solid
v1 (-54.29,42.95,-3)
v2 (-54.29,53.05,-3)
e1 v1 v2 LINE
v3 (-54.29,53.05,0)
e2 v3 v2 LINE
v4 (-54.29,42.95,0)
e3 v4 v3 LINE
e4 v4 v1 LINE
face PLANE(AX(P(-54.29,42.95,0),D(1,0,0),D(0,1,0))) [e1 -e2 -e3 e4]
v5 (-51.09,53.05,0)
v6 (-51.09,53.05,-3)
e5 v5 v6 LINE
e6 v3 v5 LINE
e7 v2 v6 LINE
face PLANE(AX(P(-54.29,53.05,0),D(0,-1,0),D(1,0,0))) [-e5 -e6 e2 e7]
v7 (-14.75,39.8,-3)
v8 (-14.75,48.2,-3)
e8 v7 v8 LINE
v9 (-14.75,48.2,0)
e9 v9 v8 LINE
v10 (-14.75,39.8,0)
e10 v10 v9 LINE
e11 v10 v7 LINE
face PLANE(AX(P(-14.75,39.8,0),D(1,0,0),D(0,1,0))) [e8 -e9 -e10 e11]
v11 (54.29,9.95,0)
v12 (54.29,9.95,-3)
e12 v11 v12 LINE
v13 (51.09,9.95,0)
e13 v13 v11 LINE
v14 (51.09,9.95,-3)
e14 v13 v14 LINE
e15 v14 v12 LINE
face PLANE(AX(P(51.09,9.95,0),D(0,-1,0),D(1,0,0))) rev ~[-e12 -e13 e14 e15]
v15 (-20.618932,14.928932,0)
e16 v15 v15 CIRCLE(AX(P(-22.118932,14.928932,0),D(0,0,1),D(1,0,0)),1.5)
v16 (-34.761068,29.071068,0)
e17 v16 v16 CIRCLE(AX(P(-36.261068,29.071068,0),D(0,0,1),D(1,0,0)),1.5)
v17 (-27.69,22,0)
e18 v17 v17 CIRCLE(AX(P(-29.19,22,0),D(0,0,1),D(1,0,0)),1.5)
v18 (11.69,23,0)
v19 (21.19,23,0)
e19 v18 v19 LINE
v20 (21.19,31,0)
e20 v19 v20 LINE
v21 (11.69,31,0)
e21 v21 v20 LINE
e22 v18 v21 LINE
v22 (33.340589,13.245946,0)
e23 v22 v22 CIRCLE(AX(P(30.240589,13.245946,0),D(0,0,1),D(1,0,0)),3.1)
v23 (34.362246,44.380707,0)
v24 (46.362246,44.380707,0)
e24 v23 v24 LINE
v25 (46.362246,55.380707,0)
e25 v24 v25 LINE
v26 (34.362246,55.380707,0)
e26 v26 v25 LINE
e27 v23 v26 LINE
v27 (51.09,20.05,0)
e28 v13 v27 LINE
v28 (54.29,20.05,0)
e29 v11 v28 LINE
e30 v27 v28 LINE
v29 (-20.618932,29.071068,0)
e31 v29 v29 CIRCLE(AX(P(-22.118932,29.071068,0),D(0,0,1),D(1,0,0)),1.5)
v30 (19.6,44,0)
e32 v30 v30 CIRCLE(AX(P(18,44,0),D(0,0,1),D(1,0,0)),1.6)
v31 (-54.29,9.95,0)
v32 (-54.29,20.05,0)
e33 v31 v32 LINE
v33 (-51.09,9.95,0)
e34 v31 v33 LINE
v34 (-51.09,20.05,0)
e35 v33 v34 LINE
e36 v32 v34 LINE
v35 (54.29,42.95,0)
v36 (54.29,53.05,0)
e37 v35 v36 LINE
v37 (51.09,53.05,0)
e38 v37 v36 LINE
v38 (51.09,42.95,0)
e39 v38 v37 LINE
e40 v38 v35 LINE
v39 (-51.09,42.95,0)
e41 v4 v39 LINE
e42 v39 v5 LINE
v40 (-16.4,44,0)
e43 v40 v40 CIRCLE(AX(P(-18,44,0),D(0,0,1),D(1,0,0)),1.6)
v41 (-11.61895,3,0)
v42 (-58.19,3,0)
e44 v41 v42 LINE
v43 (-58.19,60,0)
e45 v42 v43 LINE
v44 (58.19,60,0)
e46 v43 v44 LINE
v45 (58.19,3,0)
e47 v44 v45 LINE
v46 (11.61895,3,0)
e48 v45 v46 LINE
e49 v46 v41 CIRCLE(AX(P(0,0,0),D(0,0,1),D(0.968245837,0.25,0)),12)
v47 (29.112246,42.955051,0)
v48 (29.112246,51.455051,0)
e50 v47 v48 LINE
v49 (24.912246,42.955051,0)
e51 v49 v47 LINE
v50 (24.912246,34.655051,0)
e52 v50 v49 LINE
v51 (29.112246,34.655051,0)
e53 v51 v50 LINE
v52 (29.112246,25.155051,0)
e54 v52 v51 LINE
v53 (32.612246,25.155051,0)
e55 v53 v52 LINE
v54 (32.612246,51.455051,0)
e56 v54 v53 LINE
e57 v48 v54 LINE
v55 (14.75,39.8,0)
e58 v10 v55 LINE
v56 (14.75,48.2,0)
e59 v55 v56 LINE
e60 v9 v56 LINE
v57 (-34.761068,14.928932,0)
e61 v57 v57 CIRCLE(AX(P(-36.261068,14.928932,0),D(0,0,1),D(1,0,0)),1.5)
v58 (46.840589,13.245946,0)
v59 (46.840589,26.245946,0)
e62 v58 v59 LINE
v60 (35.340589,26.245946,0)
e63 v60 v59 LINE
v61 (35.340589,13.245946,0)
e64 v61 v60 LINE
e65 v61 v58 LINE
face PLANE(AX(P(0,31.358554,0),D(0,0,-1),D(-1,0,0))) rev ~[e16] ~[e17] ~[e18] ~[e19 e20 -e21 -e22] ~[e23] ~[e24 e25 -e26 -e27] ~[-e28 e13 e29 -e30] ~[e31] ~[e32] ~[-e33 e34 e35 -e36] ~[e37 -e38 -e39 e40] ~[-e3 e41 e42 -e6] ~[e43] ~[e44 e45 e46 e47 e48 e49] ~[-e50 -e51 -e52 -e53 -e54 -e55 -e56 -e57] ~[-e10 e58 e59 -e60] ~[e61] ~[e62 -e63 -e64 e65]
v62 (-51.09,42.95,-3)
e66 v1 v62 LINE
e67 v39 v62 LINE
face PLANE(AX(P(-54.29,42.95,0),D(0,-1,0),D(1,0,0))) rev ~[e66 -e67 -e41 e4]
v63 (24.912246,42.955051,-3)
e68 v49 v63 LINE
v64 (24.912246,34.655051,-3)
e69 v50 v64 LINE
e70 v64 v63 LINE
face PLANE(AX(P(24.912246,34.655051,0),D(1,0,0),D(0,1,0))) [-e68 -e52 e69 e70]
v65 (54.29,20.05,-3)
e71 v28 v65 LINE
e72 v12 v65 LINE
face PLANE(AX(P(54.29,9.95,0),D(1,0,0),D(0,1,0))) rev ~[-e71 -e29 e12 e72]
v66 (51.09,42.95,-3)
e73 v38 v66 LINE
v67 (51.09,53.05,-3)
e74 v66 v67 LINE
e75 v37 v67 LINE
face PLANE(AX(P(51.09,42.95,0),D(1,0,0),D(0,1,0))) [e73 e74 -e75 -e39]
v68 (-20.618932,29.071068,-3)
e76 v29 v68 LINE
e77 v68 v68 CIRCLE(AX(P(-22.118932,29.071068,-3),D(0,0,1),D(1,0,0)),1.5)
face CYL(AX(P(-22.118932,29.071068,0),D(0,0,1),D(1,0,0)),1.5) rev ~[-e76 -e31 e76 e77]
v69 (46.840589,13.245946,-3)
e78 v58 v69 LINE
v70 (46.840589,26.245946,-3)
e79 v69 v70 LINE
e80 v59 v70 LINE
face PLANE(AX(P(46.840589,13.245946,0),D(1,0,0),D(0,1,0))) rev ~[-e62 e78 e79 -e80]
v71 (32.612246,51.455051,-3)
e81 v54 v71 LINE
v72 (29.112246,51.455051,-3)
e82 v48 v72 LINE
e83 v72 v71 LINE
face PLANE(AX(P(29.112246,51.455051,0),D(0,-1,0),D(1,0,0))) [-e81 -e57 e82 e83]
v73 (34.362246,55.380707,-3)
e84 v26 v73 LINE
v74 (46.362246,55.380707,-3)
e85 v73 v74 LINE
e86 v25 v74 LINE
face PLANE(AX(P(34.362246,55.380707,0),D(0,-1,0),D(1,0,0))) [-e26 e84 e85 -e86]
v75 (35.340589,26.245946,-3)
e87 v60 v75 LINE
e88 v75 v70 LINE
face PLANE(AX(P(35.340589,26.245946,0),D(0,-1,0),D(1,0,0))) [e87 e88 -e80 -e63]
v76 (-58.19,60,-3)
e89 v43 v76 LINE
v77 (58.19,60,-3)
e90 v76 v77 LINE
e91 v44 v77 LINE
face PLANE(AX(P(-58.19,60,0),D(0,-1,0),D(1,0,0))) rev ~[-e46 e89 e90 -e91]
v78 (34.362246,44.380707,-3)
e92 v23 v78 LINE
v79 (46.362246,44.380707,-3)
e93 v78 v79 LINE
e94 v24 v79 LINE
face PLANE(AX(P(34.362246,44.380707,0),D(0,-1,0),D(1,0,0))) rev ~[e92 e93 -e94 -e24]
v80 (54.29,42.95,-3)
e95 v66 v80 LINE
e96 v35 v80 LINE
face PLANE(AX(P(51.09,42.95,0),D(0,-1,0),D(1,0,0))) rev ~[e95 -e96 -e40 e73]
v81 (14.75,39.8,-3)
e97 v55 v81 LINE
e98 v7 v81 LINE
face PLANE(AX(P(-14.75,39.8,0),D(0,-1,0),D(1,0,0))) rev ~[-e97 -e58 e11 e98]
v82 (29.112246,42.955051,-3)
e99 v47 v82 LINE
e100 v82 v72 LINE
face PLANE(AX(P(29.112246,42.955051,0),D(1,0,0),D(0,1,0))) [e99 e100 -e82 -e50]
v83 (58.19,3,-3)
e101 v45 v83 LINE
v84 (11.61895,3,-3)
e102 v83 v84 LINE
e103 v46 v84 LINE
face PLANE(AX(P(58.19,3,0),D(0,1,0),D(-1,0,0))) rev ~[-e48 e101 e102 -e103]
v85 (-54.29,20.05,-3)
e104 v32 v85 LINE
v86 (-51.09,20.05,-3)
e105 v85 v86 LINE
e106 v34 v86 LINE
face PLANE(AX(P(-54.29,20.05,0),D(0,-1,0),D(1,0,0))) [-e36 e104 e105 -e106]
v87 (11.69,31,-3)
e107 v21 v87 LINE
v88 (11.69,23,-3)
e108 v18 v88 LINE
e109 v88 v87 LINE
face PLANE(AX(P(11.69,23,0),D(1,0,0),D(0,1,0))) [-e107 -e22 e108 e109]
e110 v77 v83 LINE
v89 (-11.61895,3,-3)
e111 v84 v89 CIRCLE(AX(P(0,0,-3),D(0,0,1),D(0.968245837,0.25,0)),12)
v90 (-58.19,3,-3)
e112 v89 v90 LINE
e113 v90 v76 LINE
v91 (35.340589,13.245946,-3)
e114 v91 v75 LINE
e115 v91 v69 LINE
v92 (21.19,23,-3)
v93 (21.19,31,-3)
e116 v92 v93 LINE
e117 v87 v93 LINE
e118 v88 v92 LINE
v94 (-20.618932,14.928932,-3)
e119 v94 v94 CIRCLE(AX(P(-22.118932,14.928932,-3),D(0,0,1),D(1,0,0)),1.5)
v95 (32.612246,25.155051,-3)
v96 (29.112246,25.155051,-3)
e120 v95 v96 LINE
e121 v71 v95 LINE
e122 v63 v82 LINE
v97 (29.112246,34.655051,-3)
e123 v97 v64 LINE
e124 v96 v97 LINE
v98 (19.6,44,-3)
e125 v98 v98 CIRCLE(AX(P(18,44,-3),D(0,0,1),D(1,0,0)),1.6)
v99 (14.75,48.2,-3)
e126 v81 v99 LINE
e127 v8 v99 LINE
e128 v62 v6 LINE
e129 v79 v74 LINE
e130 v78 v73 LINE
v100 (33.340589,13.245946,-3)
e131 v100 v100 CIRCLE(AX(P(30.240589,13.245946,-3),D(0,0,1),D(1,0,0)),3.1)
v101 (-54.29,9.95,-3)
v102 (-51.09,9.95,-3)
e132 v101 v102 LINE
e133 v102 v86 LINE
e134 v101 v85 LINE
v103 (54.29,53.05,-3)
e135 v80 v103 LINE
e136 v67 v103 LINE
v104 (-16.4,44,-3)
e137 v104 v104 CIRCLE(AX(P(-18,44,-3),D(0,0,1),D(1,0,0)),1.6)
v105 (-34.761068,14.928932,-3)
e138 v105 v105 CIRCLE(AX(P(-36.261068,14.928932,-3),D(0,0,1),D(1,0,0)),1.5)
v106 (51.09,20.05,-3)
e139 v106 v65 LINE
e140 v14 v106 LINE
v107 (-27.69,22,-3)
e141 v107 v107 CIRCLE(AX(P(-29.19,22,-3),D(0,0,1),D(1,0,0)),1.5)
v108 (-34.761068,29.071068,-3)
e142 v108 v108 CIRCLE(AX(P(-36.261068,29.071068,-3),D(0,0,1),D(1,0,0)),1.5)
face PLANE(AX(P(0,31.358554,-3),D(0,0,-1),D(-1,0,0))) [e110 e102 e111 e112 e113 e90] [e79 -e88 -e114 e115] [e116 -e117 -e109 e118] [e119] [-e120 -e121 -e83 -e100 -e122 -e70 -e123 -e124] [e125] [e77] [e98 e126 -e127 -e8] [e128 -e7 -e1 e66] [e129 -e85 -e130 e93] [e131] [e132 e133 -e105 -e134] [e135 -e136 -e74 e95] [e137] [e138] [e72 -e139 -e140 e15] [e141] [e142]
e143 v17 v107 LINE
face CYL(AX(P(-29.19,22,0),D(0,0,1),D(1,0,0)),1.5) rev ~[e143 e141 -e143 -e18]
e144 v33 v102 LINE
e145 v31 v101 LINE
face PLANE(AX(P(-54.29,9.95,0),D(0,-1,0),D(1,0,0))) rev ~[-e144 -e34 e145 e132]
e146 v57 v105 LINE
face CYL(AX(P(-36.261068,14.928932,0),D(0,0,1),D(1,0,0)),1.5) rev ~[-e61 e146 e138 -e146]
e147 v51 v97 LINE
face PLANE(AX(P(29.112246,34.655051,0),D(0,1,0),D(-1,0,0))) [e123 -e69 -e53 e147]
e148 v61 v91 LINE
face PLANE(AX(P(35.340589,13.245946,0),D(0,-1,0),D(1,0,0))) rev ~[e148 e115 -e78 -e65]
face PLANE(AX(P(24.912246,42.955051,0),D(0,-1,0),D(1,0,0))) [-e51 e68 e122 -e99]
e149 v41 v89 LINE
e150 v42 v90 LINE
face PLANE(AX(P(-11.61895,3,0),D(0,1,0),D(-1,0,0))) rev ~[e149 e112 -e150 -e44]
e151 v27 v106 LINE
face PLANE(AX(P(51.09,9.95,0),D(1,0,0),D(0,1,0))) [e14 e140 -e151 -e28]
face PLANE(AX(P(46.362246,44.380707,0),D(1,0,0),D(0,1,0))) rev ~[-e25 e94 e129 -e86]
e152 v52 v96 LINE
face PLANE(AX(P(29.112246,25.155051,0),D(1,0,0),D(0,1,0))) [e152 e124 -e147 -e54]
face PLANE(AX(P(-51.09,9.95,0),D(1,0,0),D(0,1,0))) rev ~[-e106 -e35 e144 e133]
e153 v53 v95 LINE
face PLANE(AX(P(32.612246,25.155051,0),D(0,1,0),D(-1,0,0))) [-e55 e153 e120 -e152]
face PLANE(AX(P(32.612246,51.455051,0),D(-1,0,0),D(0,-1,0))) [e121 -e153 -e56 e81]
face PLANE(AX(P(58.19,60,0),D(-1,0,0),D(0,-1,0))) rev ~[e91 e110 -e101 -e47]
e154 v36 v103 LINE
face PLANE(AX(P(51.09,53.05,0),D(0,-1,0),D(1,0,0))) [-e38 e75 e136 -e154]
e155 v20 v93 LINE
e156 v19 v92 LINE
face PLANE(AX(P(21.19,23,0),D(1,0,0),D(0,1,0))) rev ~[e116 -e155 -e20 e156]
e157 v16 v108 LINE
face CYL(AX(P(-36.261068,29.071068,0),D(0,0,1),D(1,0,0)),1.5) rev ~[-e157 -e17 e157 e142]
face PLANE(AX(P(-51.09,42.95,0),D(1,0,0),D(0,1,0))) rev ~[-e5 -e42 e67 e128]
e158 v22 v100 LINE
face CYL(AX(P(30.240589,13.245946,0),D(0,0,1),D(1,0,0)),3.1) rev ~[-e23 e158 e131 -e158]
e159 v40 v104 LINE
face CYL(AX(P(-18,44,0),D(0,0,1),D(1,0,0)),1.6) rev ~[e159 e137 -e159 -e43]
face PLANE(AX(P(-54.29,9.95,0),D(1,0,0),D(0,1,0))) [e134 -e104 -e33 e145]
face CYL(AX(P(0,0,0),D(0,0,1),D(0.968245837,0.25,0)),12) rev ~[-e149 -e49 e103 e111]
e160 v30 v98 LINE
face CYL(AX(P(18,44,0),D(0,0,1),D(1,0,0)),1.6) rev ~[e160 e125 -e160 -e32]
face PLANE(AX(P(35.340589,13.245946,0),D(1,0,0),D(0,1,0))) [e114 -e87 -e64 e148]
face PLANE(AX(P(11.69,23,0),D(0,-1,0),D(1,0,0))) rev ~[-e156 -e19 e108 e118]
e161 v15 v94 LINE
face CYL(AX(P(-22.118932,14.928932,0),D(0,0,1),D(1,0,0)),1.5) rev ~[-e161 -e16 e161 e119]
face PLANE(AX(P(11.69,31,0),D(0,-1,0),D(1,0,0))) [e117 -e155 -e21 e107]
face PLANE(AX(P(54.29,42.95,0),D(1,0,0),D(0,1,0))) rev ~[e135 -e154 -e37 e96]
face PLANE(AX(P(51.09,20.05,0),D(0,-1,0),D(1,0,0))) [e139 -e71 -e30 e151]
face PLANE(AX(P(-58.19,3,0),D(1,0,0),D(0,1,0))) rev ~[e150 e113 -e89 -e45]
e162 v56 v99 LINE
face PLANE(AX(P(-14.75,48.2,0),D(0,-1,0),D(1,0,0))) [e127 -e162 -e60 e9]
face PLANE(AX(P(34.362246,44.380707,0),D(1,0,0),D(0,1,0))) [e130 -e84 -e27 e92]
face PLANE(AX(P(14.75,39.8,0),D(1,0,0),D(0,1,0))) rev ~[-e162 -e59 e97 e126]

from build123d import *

# Parameters (mm, degrees)
SKETCH1_W                   = 3.2
SKETCH1_H                   = 10.1
BOSS_EXTRUDE1_DEPTH         = 3
SENSOR_MOUNTING_HOLES_REACH = 85.637
SKETCH2_R                   = 1.6
SKETCH2_R_2                 = 1.5
SKETCH2_R_3                 = 3.1
SKETCH2_W                   = 9.5
SKETCH2_H                   = 8
SKETCH2_W_2                 = 29.5
SKETCH2_H_2                 = 8.4
SKETCH2_W_3                 = 11.5
SKETCH2_H_3                 = 13
SKETCH2_W_4                 = 12
SKETCH2_H_4                 = 11


with BuildPart() as part:
    # Sketch1 → Boss-Extrude1 (new body)
    with BuildSketch(Plane.XY):
        with BuildLine():
            Line((-58.19, 60), (58.19, 60))
            Line((58.19, 60), (58.19, 3))
            Line((58.19, 3), (11.618950039, 3))
            ThreePointArc((11.618950039, 3), (0, 12), (-11.618950039, 3))
            Line((-11.618950039, 3), (-58.19, 3))
            Line((-58.19, 3), (-58.19, 60))
        make_face()
        with Locations((-52.69, 15)):
            Rectangle(SKETCH1_W, SKETCH1_H, mode=Mode.SUBTRACT)
        with Locations((-52.69, 48)):
            Rectangle(SKETCH1_W, SKETCH1_H, mode=Mode.SUBTRACT)
        with Locations((52.69, 15)):
            Rectangle(SKETCH1_W, SKETCH1_H, mode=Mode.SUBTRACT)
        with Locations((52.69, 48)):
            Rectangle(SKETCH1_W, SKETCH1_H, mode=Mode.SUBTRACT)
    extrude(amount=-BOSS_EXTRUDE1_DEPTH)

    # Sketch2 (on Front Plane) → sensor mounting holes (cut, up to next)
    with BuildSketch(Plane.XY, mode=Mode.PRIVATE) as sensor_mounting_holes_sk1:
        with Locations((-18, 44)):
            Circle(SKETCH2_R)
    sensor_mounting_holes_tool1 = extrude(sensor_mounting_holes_sk1.sketch, amount=-SENSOR_MOUNTING_HOLES_REACH, mode=Mode.PRIVATE) & part.part
    # Sketch2 (on Front Plane) → sensor mounting holes (cut, up to next)
    with BuildSketch(Plane.XY, mode=Mode.PRIVATE) as sensor_mounting_holes_sk2:
        with Locations((18, 44)):
            Circle(SKETCH2_R)
    sensor_mounting_holes_tool2 = extrude(sensor_mounting_holes_sk2.sketch, amount=-SENSOR_MOUNTING_HOLES_REACH, mode=Mode.PRIVATE) & part.part
    # Sketch2 (on Front Plane) → sensor mounting holes (cut, up to next)
    with BuildSketch(Plane.XY, mode=Mode.PRIVATE) as sensor_mounting_holes_sk3:
        with Locations((-22.118932188, 29.071067812)):
            Circle(SKETCH2_R_2)
    sensor_mounting_holes_tool3 = extrude(sensor_mounting_holes_sk3.sketch, amount=-SENSOR_MOUNTING_HOLES_REACH, mode=Mode.PRIVATE) & part.part
    # Sketch2 (on Front Plane) → sensor mounting holes (cut, up to next)
    with BuildSketch(Plane.XY, mode=Mode.PRIVATE) as sensor_mounting_holes_sk4:
        with Locations((-36.261067812, 29.071067812)):
            Circle(SKETCH2_R_2)
    sensor_mounting_holes_tool4 = extrude(sensor_mounting_holes_sk4.sketch, amount=-SENSOR_MOUNTING_HOLES_REACH, mode=Mode.PRIVATE) & part.part
    # Sketch2 (on Front Plane) → sensor mounting holes (cut, up to next)
    with BuildSketch(Plane.XY, mode=Mode.PRIVATE) as sensor_mounting_holes_sk5:
        with Locations((-36.261067812, 14.928932188)):
            Circle(SKETCH2_R_2)
    sensor_mounting_holes_tool5 = extrude(sensor_mounting_holes_sk5.sketch, amount=-SENSOR_MOUNTING_HOLES_REACH, mode=Mode.PRIVATE) & part.part
    # Sketch2 (on Front Plane) → sensor mounting holes (cut, up to next)
    with BuildSketch(Plane.XY, mode=Mode.PRIVATE) as sensor_mounting_holes_sk6:
        with Locations((-22.118932188, 14.928932188)):
            Circle(SKETCH2_R_2)
    sensor_mounting_holes_tool6 = extrude(sensor_mounting_holes_sk6.sketch, amount=-SENSOR_MOUNTING_HOLES_REACH, mode=Mode.PRIVATE) & part.part
    # Sketch2 (on Front Plane) → sensor mounting holes (cut, up to next)
    with BuildSketch(Plane.XY, mode=Mode.PRIVATE) as sensor_mounting_holes_sk7:
        with Locations((-29.19, 22)):
            Circle(SKETCH2_R_2)
    sensor_mounting_holes_tool7 = extrude(sensor_mounting_holes_sk7.sketch, amount=-SENSOR_MOUNTING_HOLES_REACH, mode=Mode.PRIVATE) & part.part
    # Sketch2 (on Front Plane) → sensor mounting holes (cut, up to next)
    with BuildSketch(Plane.XY, mode=Mode.PRIVATE) as sensor_mounting_holes_sk8:
        with Locations((30.240588995, 13.245945843)):
            Circle(SKETCH2_R_3)
    sensor_mounting_holes_tool8 = extrude(sensor_mounting_holes_sk8.sketch, amount=-SENSOR_MOUNTING_HOLES_REACH, mode=Mode.PRIVATE) & part.part
    # Sketch2 (on Front Plane) → sensor mounting holes (cut, up to next)
    with BuildSketch(Plane.XY, mode=Mode.PRIVATE) as sensor_mounting_holes_sk9:
        with Locations((16.44, 27)):
            Rectangle(SKETCH2_W, SKETCH2_H)
    sensor_mounting_holes_tool9 = extrude(sensor_mounting_holes_sk9.sketch, amount=-SENSOR_MOUNTING_HOLES_REACH, mode=Mode.PRIVATE) & part.part
    # Sketch2 (on Front Plane) → sensor mounting holes (cut, up to next)
    with BuildSketch(Plane.XY, mode=Mode.PRIVATE) as sensor_mounting_holes_sk10:
        with Locations((0, 44)):
            Rectangle(SKETCH2_W_2, SKETCH2_H_2)
    sensor_mounting_holes_tool10 = extrude(sensor_mounting_holes_sk10.sketch, amount=-SENSOR_MOUNTING_HOLES_REACH, mode=Mode.PRIVATE) & part.part
    # Sketch2 (on Front Plane) → sensor mounting holes (cut, up to next)
    with BuildSketch(Plane.XY, mode=Mode.PRIVATE) as sensor_mounting_holes_sk11:
        Polygon((24.912246381, 42.955051143), (29.112246381, 42.955051143), (29.112246381, 51.455051143), (32.612246381, 51.455051143), (32.612246381, 25.155051143), (29.112246381, 25.155051143), (29.112246381, 34.655051143), (24.912246381, 34.655051143), align=None)
    sensor_mounting_holes_tool11 = extrude(sensor_mounting_holes_sk11.sketch, amount=-SENSOR_MOUNTING_HOLES_REACH, mode=Mode.PRIVATE) & part.part
    # Sketch2 (on Front Plane) → sensor mounting holes (cut, up to next)
    with BuildSketch(Plane.XY, mode=Mode.PRIVATE) as sensor_mounting_holes_sk12:
        with Locations((41.090588995, 19.745945843)):
            Rectangle(SKETCH2_W_3, SKETCH2_H_3)
    sensor_mounting_holes_tool12 = extrude(sensor_mounting_holes_sk12.sketch, amount=-SENSOR_MOUNTING_HOLES_REACH, mode=Mode.PRIVATE) & part.part
    # Sketch2 (on Front Plane) → sensor mounting holes (cut, up to next)
    with BuildSketch(Plane.XY, mode=Mode.PRIVATE) as sensor_mounting_holes_sk13:
        with Locations((40.362246381, 49.88070744)):
            Rectangle(SKETCH2_W_4, SKETCH2_H_4)
    sensor_mounting_holes_tool13 = extrude(sensor_mounting_holes_sk13.sketch, amount=-SENSOR_MOUNTING_HOLES_REACH, mode=Mode.PRIVATE) & part.part
    add(sensor_mounting_holes_tool1.solids().sort_by_distance((-18, 44, 0))[0], mode=Mode.SUBTRACT)
    add(sensor_mounting_holes_tool2.solids().sort_by_distance((18, 44, 0))[0], mode=Mode.SUBTRACT)
    add(sensor_mounting_holes_tool3.solids().sort_by_distance((-22.118932, 29.071068, 0))[0], mode=Mode.SUBTRACT)
    add(sensor_mounting_holes_tool4.solids().sort_by_distance((-36.261068, 29.071068, 0))[0], mode=Mode.SUBTRACT)
    add(sensor_mounting_holes_tool5.solids().sort_by_distance((-36.261068, 14.928932, 0))[0], mode=Mode.SUBTRACT)
    add(sensor_mounting_holes_tool6.solids().sort_by_distance((-22.118932, 14.928932, 0))[0], mode=Mode.SUBTRACT)
    add(sensor_mounting_holes_tool7.solids().sort_by_distance((-29.19, 22, 0))[0], mode=Mode.SUBTRACT)
    add(sensor_mounting_holes_tool8.solids().sort_by_distance((30.240589, 13.245946, 0))[0], mode=Mode.SUBTRACT)
    add(sensor_mounting_holes_tool9.solids().sort_by_distance((16.44, 27, 0))[0], mode=Mode.SUBTRACT)
    add(sensor_mounting_holes_tool10.solids().sort_by_distance((0, 44, 0))[0], mode=Mode.SUBTRACT)
    add(sensor_mounting_holes_tool11.solids().sort_by_distance((29.804717, 38.442393, 0))[0], mode=Mode.SUBTRACT)
    add(sensor_mounting_holes_tool12.solids().sort_by_distance((41.090589, 19.745946, 0))[0], mode=Mode.SUBTRACT)
    add(sensor_mounting_holes_tool13.solids().sort_by_distance((40.362246, 49.880707, 0))[0], mode=Mode.SUBTRACT)


solid = part.part
